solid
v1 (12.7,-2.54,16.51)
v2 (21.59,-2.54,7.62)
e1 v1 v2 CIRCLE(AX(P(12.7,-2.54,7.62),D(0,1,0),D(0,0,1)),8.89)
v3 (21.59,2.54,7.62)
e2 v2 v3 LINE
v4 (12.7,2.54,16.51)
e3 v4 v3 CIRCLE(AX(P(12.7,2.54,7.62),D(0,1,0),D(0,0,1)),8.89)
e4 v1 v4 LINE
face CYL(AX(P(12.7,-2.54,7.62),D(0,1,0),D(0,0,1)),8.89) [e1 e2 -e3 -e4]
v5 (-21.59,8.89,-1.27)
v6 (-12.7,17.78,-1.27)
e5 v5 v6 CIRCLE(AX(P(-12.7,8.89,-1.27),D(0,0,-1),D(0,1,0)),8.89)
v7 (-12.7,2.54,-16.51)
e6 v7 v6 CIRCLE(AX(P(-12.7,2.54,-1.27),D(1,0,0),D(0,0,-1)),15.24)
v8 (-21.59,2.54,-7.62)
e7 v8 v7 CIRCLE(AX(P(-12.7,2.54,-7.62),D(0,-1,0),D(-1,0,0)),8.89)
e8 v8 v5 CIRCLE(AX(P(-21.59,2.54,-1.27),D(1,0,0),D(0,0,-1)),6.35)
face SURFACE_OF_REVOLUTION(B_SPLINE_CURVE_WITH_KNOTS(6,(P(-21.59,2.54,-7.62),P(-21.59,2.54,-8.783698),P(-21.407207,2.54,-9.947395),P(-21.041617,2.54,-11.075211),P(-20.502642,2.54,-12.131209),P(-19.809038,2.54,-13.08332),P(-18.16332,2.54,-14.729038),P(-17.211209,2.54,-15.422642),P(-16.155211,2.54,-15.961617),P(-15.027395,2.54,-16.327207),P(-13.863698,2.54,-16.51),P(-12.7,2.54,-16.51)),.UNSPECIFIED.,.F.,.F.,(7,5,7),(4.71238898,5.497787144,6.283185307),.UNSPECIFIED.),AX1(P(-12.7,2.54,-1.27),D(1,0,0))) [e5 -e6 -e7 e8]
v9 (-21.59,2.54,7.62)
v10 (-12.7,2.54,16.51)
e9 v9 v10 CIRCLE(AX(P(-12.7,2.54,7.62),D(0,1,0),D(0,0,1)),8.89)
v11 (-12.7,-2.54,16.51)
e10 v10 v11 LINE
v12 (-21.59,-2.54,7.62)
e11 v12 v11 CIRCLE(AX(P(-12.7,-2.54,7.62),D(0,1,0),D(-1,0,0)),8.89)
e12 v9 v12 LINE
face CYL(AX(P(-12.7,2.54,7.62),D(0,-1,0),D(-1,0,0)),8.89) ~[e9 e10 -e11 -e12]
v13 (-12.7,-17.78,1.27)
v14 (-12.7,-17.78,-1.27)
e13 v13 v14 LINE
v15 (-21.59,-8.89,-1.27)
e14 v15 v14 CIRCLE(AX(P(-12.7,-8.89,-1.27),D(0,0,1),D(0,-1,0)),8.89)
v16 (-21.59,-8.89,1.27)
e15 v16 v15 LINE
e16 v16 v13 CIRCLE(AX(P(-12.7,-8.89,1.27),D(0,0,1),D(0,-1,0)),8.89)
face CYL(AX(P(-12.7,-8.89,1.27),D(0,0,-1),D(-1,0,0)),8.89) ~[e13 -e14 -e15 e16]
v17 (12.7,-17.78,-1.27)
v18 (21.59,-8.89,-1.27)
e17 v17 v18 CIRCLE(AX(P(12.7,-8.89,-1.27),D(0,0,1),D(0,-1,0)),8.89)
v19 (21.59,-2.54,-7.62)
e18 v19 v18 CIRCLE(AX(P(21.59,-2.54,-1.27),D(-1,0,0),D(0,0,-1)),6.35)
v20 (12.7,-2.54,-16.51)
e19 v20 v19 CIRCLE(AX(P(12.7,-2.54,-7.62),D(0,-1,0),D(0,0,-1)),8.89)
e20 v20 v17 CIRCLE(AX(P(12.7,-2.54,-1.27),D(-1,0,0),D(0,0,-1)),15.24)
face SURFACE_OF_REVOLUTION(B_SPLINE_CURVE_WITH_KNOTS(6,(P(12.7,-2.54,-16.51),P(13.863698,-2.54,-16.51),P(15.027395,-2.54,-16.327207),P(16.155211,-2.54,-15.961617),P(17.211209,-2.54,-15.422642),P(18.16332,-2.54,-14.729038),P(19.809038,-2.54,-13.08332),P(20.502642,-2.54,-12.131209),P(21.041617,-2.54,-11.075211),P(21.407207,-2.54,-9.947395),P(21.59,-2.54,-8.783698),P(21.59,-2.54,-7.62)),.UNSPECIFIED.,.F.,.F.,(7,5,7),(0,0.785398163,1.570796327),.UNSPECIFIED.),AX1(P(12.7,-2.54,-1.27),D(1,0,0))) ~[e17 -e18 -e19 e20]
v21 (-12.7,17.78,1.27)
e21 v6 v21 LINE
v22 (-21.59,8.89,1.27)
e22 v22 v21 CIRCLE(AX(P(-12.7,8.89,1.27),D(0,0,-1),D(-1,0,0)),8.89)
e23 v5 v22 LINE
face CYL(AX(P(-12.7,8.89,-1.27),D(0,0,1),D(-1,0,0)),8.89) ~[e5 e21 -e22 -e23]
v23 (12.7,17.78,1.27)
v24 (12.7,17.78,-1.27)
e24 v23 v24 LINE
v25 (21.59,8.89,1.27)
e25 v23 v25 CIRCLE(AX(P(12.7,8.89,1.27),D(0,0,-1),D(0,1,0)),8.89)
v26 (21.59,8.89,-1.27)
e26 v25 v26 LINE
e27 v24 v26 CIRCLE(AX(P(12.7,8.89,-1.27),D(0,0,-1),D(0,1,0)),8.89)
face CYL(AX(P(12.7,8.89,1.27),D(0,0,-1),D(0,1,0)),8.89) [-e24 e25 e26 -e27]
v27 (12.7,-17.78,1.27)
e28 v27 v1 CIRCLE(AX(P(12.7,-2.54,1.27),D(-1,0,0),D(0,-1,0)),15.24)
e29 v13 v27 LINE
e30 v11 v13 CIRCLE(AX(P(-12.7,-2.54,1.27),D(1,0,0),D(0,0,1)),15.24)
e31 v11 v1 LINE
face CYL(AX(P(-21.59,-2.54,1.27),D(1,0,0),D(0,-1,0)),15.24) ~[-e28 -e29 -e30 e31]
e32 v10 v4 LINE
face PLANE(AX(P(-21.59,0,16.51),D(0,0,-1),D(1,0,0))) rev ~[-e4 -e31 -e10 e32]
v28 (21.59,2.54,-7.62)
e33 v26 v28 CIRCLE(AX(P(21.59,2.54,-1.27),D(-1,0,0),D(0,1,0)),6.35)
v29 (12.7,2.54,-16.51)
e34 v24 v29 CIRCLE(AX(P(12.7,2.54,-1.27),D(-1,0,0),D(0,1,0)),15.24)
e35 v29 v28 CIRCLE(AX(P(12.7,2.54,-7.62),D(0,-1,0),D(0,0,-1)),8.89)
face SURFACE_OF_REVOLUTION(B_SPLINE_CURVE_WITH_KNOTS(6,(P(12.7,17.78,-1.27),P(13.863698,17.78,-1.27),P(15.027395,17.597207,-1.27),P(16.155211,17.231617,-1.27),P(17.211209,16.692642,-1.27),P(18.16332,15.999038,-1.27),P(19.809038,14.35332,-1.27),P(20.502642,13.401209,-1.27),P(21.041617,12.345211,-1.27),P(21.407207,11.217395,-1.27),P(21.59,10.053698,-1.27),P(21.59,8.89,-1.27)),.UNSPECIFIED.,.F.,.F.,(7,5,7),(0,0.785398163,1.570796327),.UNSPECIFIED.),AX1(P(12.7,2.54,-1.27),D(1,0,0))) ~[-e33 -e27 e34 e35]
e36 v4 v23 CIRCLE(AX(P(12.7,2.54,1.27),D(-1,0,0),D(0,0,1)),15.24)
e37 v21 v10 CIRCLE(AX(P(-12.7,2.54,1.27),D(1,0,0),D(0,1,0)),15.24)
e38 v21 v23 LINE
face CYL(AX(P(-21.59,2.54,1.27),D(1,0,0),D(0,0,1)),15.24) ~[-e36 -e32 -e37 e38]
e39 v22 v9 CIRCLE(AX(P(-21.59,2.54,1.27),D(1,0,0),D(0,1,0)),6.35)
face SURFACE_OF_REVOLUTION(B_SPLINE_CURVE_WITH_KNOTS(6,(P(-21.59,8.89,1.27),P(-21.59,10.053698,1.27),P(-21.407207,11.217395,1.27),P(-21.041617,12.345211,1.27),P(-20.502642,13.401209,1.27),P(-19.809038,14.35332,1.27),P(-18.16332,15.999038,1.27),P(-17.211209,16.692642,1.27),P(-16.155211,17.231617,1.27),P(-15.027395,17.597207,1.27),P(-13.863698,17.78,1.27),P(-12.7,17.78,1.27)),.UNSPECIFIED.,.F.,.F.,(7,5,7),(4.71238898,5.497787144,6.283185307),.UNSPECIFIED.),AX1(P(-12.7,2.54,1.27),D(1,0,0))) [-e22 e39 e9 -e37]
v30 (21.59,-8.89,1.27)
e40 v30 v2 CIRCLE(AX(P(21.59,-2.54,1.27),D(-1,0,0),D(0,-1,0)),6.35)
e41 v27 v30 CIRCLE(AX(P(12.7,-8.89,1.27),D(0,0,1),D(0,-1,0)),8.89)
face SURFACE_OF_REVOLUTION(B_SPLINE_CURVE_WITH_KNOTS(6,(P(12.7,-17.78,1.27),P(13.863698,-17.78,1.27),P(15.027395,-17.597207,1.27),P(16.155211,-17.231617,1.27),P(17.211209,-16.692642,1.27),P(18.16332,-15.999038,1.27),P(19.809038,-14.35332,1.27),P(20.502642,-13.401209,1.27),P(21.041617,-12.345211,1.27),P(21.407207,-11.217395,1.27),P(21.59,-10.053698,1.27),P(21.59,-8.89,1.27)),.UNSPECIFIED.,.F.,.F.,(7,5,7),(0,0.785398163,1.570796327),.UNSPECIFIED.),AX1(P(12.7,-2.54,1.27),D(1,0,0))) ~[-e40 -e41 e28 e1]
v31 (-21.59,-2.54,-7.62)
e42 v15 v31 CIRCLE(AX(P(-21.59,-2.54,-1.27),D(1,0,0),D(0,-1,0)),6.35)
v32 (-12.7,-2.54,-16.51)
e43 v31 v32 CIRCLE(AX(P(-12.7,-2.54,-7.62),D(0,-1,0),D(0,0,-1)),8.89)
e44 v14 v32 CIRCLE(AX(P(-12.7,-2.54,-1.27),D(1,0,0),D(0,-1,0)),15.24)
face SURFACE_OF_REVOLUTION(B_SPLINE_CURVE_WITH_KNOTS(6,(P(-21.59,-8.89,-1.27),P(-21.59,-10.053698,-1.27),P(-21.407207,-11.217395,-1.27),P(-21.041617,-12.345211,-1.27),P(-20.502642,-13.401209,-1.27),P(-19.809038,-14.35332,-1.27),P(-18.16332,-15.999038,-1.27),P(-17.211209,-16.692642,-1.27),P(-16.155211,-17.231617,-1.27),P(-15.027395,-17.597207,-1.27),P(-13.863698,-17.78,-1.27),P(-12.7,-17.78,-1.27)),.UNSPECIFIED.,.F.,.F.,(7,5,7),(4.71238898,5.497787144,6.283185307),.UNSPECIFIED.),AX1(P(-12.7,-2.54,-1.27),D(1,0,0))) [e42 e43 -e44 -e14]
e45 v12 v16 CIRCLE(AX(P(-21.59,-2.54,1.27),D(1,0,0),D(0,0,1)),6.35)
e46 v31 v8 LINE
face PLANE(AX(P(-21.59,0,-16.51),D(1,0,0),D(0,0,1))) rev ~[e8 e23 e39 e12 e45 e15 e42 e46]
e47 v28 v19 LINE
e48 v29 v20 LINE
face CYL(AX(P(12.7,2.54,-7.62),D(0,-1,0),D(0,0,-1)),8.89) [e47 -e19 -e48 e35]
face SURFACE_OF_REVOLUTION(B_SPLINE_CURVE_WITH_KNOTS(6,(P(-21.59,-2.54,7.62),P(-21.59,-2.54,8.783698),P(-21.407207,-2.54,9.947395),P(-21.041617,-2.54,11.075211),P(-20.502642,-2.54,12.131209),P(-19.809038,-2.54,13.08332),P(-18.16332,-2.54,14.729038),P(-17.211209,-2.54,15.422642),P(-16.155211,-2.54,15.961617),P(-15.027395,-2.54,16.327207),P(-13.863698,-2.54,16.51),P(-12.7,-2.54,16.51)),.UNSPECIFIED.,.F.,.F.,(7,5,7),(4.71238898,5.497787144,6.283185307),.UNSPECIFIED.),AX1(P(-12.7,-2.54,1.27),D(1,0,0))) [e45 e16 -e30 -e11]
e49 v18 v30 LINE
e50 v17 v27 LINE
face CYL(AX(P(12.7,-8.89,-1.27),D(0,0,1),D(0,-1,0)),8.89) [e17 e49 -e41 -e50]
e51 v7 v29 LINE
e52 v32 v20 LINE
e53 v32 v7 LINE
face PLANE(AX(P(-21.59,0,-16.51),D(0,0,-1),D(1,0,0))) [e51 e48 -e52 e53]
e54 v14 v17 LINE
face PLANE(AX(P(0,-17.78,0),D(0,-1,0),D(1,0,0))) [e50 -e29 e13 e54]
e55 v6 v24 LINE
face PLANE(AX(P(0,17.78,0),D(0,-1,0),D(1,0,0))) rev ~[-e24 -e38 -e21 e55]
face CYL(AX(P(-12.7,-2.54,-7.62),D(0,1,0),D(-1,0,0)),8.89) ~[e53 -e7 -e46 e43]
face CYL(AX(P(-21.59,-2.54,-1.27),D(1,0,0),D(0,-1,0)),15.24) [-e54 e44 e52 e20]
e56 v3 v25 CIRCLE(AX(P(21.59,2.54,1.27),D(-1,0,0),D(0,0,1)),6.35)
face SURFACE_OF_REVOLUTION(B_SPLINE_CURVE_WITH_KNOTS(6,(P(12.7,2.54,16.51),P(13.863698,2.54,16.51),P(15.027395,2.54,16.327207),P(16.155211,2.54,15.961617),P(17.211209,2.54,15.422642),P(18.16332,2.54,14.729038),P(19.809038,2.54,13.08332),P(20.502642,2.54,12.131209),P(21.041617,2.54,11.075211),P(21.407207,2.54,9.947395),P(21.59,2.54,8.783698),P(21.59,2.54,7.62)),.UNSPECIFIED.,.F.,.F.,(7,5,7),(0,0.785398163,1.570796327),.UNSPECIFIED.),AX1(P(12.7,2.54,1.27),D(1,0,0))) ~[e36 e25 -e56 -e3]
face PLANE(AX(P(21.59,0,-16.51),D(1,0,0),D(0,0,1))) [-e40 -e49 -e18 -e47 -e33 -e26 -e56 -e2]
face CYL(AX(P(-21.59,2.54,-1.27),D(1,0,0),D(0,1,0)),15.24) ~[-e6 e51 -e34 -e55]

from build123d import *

# Parameters (mm, degrees)
F0_W     = 43.18
F0_H     = 33.02
F1_DEPTH = 17.78
F2_R     = 15.24
F3_R     = 15.24
F4_R     = 8.89


with BuildPart() as f1:
    # F0 (on Front) → F1 (new body, symmetric)
    with BuildSketch(Plane.XZ):
        Rectangle(F0_W, F0_H)
    extrude(amount=F1_DEPTH, both=True)

    # F2
    f2_edges = [f1.edges().sort_by_distance(p)[0] for p in [
        (0, -17.78, 16.51),
    ]]
    fillet(f2_edges, radius=F2_R)

    # F3
    f3_edges = [f1.edges().sort_by_distance(p)[0] for p in [
        (0, -17.78, -16.51),
        (0, 17.78, -16.51),
        (0, 17.78, 16.51),
    ]]
    fillet(f3_edges, radius=F3_R)

    # F4
    f4_edges = [f1.edges().sort_by_distance(p)[0] for p in [
        (21.59, -13.316307, 12.046307),
        (-21.59, -13.316307, -12.046307),
    ]]
    fillet(f4_edges, radius=F4_R)


solid = f1.part
